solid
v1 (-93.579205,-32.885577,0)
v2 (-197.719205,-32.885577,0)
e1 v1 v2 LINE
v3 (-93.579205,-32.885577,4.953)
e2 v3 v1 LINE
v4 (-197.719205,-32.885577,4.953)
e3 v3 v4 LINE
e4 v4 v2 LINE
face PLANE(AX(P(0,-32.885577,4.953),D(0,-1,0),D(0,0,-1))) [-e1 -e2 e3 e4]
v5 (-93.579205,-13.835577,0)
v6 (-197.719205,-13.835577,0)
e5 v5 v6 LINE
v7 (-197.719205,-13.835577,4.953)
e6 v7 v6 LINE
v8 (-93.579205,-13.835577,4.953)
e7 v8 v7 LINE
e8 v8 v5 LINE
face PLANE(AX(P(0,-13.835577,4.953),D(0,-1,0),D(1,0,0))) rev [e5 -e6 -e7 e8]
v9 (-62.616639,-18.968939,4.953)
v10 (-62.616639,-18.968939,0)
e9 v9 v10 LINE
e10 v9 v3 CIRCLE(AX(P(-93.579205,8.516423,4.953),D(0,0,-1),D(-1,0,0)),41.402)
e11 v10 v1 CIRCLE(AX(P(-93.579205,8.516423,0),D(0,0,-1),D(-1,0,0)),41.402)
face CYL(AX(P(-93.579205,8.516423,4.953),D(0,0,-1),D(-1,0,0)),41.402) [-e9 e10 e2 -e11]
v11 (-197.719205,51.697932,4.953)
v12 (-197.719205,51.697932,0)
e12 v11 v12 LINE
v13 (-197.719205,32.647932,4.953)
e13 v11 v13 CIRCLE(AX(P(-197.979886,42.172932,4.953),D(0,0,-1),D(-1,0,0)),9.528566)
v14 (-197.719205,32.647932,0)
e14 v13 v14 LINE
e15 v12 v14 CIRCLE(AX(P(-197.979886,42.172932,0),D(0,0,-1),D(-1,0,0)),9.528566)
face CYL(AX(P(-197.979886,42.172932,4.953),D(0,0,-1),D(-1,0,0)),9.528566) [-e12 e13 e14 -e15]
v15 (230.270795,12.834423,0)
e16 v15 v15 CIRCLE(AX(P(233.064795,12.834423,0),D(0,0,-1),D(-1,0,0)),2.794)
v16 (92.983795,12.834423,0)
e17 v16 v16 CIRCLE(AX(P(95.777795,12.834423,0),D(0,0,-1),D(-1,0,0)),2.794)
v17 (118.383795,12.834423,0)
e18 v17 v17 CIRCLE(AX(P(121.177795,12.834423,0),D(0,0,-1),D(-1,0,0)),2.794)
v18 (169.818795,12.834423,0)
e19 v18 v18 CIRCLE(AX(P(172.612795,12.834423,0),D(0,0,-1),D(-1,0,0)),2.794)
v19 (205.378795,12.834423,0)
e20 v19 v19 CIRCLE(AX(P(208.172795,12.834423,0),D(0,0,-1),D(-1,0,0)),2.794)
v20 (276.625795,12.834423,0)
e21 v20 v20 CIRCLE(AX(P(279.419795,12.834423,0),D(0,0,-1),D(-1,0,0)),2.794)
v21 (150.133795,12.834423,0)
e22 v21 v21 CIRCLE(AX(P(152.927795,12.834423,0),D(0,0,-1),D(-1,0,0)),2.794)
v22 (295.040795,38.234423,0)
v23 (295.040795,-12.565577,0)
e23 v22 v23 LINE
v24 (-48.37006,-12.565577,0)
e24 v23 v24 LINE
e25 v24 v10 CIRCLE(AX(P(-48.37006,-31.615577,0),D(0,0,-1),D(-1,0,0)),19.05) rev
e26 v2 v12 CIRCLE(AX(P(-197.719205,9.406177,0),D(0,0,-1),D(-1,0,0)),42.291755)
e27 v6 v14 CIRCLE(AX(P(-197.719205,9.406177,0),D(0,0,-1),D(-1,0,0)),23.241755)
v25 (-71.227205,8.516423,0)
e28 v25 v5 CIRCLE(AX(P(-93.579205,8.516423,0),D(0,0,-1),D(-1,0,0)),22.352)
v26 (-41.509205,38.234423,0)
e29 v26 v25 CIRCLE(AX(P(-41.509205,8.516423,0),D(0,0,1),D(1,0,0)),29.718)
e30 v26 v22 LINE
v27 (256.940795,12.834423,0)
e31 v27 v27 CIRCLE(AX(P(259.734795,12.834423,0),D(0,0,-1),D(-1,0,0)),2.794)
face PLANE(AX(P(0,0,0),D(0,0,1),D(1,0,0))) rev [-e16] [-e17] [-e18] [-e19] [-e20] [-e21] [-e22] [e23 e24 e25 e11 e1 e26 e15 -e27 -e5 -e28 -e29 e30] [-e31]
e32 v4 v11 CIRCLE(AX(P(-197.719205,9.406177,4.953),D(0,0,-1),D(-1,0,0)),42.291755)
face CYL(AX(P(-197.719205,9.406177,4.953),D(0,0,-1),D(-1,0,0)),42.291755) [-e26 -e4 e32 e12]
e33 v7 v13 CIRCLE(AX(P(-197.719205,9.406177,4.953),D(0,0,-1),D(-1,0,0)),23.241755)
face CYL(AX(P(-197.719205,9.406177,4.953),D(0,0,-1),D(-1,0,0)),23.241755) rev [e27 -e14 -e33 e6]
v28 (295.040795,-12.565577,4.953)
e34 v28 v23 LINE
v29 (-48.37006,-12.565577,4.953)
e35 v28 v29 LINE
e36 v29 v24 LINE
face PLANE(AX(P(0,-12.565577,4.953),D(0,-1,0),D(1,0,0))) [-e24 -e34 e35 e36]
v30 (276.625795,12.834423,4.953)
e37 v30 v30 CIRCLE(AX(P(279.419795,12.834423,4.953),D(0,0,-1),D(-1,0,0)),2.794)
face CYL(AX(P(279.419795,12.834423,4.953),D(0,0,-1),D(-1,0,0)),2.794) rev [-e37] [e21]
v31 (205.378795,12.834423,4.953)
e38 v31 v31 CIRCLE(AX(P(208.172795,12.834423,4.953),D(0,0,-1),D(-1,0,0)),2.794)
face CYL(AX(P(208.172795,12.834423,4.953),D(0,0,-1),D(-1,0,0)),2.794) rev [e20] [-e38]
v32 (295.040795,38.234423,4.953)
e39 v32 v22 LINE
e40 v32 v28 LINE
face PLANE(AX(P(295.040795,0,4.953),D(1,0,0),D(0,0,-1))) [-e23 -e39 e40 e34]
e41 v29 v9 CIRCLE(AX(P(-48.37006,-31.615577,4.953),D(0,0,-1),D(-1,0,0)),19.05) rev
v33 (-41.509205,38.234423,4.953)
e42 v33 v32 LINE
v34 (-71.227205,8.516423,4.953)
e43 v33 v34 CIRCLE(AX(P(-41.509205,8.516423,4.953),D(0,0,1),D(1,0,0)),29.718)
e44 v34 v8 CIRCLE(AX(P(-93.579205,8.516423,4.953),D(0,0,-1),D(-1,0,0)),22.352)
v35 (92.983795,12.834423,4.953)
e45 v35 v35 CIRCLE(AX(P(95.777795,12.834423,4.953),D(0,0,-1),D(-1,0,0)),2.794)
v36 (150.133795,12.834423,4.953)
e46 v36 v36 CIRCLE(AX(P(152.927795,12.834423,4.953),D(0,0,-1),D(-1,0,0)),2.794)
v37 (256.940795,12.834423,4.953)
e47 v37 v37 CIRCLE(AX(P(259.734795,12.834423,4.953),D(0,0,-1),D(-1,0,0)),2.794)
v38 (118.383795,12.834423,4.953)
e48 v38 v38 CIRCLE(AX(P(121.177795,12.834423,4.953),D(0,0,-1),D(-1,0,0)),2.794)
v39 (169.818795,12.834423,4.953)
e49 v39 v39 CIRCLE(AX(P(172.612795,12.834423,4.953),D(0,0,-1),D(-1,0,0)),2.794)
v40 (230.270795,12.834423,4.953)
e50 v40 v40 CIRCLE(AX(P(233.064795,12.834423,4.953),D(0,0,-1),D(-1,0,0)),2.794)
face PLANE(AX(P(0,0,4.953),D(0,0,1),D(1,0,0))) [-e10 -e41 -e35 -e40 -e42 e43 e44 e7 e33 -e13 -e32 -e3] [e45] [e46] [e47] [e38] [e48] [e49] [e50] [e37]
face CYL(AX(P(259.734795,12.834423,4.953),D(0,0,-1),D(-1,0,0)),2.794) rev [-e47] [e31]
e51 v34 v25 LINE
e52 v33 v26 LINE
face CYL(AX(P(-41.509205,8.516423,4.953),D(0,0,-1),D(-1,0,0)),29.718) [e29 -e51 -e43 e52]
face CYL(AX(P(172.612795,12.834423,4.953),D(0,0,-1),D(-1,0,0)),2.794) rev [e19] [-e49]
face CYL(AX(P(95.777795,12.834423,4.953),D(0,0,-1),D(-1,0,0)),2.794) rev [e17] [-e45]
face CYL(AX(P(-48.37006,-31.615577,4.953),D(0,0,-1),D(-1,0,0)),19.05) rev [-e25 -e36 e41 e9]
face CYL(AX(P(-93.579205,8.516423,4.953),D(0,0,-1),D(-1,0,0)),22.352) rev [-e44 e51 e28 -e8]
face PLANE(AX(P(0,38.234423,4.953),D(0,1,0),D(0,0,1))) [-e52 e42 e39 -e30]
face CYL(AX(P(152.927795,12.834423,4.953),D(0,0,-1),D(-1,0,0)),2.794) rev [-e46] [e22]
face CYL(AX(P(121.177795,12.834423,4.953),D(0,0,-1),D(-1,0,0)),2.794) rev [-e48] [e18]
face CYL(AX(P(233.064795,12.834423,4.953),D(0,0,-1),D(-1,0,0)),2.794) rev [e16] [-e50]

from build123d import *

# Parameters (mm, degrees)
BOSS_EXTRUDE1_DEPTH = 4.953
SKETCH4_W           = 52.07
SKETCH4_H           = 19.05
SKETCH4_R           = 9.528566475
BOSS_EXTRUDE4_DEPTH = 4.953
SKETCH5_R           = 2.794
CUT_EXTRUDE1_DEPTH  = 4.953


with BuildPart() as part:
    # Sketch1 → Boss-Extrude1 (new body)
    with BuildSketch(Plane.XY):
        with BuildLine():
            Line((-41.509205492, 38.23442277), (-41.509205492, -12.56557723))
            Line((-41.509205492, -12.56557723), (-20.563828914, -12.56557723))
            ThreePointArc((-20.563828914, -12.56557723), (-14.071874854, -2.900775285), (-11.791205492, 8.51642277))
            ThreePointArc((-11.791205492, 8.51642277), (-20.495406169, 29.530222094), (-41.509205492, 38.23442277))
        make_face()
        with BuildLine():
            Line((-62.45458207, -12.56557723), (-41.509205492, -12.56557723))
            Line((-41.509205492, -12.56557723), (-41.509205492, 38.23442277))
            ThreePointArc((-41.509205492, 38.23442277), (-62.523004816, 29.530222094), (-71.227205492, 8.51642277))
            ThreePointArc((-71.227205492, 8.51642277), (-68.946536131, -2.900775285), (-62.45458207, -12.56557723))
        make_face()
        with BuildLine():
            ThreePointArc((-11.791205492, 8.51642277), (-14.071874854, -2.900775285), (-20.563828914, -12.56557723))
            Line((-20.563828914, -12.56557723), (9.711739651, -12.56557723))
            Line((9.711739651, -12.56557723), (295.040794508, -12.56557723))
            Line((295.040794508, -12.56557723), (295.040794508, 38.23442277))
            Line((295.040794508, 38.23442277), (-41.509205492, 38.23442277))
            ThreePointArc((-41.509205492, 38.23442277), (-20.495406169, 29.530222094), (-11.791205492, 8.51642277))
        make_face()
        with BuildLine():
            Line((-71.227205492, -12.56557723), (-62.45458207, -12.56557723))
            ThreePointArc((-62.45458207, -12.56557723), (-68.946536131, -2.900775285), (-71.227205492, 8.51642277))
            Line((-71.227205492, 8.51642277), (-71.227205492, -12.56557723))
        make_face()
    extrude(amount=BOSS_EXTRUDE1_DEPTH)

    # Sketch4 → Boss-Extrude4 (add)
    with BuildSketch(Plane(origin=(0, 0, 0), x_dir=(-1, 0, 0), z_dir=(0, 0, -1))):
        with Locations((171.684205492, -23.36057723)):
            Rectangle(SKETCH4_W, SKETCH4_H)
        with BuildLine():
            Line((145.649205492, -13.83557723), (93.579205492, -13.83557723))
            ThreePointArc((93.579205492, -13.83557723), (77.773954719, -7.288828003), (71.227205492, 8.51642277))
            Line((71.227205492, 8.51642277), (71.227205492, -12.56557723))
            Line((71.227205492, -12.56557723), (48.370059515, -12.56557723))
            ThreePointArc((48.370059515, -12.56557723), (56.179798103, -14.24000578), (62.61663913, -18.968938574))
            ThreePointArc((62.61663913, -18.968938574), (76.606040295, -29.246485846), (93.579205492, -32.88557723))
            Line((93.579205492, -32.88557723), (145.649205492, -32.88557723))
            Line((145.649205492, -32.88557723), (145.649205492, -13.83557723))
        make_face()
        with BuildLine():
            ThreePointArc((206.26970661, 31.017935339), (220.549824511, 5.053937718), (197.719205492, -13.83557723))
            Line((197.719205492, -13.83557723), (197.719205492, -32.88557723))
            ThreePointArc((197.719205492, -32.88557723), (239.658720339, 3.959196789), (208.522432887, 50.294840539))
            Line((208.522432887, 50.294840539), (207.444047034, 41.066936521))
            Line((207.444047034, 41.066936521), (206.26970661, 31.017935339))
        make_face()
        with Locations((197.979885508, 42.172931859)):
            Circle(SKETCH4_R)
        with BuildLine():
            Line((207.444047034, 41.066936521), (208.522432887, 50.294840539))
            ThreePointArc((208.522432887, 50.294840539), (203.499658151, 51.301032243), (198.392077595, 51.69257874))
            ThreePointArc((198.392077595, 51.69257874), (204.861788543, 48.763302841), (207.508451983, 42.172931859))
            ThreePointArc((207.508451983, 42.172931859), (207.492337119, 41.618997367), (207.444047034, 41.066936521))
        make_face()
        with BuildLine():
            ThreePointArc((198.088987461, 32.644990012), (202.252933463, 32.201450179), (206.26970661, 31.017935339))
            Line((206.26970661, 31.017935339), (207.444047034, 41.066936521))
            ThreePointArc((207.444047034, 41.066936521), (204.355161122, 35.091304933), (198.088987461, 32.644990012))
        make_face()
    extrude(amount=-BOSS_EXTRUDE4_DEPTH)

    # Sketch5 → Cut-Extrude1 (cut)
    with BuildSketch(Plane(origin=(0, 0, 0), x_dir=(-1, 0, 0), z_dir=(0, 0, -1))):
        with Locations((-279.419794508, 12.83442277)):
            Circle(SKETCH5_R)
        with Locations((-259.734794508, 12.83442277)):
            Circle(SKETCH5_R)
        with Locations((-233.064794508, 12.83442277)):
            Circle(SKETCH5_R)
        with Locations((-208.172794508, 12.83442277)):
            Circle(SKETCH5_R)
        with Locations((-172.612794508, 12.83442277)):
            Circle(SKETCH5_R)
        with Locations((-152.927794508, 12.83442277)):
            Circle(SKETCH5_R)
        with Locations((-121.177794508, 12.83442277)):
            Circle(SKETCH5_R)
        with Locations((-95.777794508, 12.83442277)):
            Circle(SKETCH5_R)
    extrude(amount=-CUT_EXTRUDE1_DEPTH, mode=Mode.SUBTRACT)


solid = part.part
